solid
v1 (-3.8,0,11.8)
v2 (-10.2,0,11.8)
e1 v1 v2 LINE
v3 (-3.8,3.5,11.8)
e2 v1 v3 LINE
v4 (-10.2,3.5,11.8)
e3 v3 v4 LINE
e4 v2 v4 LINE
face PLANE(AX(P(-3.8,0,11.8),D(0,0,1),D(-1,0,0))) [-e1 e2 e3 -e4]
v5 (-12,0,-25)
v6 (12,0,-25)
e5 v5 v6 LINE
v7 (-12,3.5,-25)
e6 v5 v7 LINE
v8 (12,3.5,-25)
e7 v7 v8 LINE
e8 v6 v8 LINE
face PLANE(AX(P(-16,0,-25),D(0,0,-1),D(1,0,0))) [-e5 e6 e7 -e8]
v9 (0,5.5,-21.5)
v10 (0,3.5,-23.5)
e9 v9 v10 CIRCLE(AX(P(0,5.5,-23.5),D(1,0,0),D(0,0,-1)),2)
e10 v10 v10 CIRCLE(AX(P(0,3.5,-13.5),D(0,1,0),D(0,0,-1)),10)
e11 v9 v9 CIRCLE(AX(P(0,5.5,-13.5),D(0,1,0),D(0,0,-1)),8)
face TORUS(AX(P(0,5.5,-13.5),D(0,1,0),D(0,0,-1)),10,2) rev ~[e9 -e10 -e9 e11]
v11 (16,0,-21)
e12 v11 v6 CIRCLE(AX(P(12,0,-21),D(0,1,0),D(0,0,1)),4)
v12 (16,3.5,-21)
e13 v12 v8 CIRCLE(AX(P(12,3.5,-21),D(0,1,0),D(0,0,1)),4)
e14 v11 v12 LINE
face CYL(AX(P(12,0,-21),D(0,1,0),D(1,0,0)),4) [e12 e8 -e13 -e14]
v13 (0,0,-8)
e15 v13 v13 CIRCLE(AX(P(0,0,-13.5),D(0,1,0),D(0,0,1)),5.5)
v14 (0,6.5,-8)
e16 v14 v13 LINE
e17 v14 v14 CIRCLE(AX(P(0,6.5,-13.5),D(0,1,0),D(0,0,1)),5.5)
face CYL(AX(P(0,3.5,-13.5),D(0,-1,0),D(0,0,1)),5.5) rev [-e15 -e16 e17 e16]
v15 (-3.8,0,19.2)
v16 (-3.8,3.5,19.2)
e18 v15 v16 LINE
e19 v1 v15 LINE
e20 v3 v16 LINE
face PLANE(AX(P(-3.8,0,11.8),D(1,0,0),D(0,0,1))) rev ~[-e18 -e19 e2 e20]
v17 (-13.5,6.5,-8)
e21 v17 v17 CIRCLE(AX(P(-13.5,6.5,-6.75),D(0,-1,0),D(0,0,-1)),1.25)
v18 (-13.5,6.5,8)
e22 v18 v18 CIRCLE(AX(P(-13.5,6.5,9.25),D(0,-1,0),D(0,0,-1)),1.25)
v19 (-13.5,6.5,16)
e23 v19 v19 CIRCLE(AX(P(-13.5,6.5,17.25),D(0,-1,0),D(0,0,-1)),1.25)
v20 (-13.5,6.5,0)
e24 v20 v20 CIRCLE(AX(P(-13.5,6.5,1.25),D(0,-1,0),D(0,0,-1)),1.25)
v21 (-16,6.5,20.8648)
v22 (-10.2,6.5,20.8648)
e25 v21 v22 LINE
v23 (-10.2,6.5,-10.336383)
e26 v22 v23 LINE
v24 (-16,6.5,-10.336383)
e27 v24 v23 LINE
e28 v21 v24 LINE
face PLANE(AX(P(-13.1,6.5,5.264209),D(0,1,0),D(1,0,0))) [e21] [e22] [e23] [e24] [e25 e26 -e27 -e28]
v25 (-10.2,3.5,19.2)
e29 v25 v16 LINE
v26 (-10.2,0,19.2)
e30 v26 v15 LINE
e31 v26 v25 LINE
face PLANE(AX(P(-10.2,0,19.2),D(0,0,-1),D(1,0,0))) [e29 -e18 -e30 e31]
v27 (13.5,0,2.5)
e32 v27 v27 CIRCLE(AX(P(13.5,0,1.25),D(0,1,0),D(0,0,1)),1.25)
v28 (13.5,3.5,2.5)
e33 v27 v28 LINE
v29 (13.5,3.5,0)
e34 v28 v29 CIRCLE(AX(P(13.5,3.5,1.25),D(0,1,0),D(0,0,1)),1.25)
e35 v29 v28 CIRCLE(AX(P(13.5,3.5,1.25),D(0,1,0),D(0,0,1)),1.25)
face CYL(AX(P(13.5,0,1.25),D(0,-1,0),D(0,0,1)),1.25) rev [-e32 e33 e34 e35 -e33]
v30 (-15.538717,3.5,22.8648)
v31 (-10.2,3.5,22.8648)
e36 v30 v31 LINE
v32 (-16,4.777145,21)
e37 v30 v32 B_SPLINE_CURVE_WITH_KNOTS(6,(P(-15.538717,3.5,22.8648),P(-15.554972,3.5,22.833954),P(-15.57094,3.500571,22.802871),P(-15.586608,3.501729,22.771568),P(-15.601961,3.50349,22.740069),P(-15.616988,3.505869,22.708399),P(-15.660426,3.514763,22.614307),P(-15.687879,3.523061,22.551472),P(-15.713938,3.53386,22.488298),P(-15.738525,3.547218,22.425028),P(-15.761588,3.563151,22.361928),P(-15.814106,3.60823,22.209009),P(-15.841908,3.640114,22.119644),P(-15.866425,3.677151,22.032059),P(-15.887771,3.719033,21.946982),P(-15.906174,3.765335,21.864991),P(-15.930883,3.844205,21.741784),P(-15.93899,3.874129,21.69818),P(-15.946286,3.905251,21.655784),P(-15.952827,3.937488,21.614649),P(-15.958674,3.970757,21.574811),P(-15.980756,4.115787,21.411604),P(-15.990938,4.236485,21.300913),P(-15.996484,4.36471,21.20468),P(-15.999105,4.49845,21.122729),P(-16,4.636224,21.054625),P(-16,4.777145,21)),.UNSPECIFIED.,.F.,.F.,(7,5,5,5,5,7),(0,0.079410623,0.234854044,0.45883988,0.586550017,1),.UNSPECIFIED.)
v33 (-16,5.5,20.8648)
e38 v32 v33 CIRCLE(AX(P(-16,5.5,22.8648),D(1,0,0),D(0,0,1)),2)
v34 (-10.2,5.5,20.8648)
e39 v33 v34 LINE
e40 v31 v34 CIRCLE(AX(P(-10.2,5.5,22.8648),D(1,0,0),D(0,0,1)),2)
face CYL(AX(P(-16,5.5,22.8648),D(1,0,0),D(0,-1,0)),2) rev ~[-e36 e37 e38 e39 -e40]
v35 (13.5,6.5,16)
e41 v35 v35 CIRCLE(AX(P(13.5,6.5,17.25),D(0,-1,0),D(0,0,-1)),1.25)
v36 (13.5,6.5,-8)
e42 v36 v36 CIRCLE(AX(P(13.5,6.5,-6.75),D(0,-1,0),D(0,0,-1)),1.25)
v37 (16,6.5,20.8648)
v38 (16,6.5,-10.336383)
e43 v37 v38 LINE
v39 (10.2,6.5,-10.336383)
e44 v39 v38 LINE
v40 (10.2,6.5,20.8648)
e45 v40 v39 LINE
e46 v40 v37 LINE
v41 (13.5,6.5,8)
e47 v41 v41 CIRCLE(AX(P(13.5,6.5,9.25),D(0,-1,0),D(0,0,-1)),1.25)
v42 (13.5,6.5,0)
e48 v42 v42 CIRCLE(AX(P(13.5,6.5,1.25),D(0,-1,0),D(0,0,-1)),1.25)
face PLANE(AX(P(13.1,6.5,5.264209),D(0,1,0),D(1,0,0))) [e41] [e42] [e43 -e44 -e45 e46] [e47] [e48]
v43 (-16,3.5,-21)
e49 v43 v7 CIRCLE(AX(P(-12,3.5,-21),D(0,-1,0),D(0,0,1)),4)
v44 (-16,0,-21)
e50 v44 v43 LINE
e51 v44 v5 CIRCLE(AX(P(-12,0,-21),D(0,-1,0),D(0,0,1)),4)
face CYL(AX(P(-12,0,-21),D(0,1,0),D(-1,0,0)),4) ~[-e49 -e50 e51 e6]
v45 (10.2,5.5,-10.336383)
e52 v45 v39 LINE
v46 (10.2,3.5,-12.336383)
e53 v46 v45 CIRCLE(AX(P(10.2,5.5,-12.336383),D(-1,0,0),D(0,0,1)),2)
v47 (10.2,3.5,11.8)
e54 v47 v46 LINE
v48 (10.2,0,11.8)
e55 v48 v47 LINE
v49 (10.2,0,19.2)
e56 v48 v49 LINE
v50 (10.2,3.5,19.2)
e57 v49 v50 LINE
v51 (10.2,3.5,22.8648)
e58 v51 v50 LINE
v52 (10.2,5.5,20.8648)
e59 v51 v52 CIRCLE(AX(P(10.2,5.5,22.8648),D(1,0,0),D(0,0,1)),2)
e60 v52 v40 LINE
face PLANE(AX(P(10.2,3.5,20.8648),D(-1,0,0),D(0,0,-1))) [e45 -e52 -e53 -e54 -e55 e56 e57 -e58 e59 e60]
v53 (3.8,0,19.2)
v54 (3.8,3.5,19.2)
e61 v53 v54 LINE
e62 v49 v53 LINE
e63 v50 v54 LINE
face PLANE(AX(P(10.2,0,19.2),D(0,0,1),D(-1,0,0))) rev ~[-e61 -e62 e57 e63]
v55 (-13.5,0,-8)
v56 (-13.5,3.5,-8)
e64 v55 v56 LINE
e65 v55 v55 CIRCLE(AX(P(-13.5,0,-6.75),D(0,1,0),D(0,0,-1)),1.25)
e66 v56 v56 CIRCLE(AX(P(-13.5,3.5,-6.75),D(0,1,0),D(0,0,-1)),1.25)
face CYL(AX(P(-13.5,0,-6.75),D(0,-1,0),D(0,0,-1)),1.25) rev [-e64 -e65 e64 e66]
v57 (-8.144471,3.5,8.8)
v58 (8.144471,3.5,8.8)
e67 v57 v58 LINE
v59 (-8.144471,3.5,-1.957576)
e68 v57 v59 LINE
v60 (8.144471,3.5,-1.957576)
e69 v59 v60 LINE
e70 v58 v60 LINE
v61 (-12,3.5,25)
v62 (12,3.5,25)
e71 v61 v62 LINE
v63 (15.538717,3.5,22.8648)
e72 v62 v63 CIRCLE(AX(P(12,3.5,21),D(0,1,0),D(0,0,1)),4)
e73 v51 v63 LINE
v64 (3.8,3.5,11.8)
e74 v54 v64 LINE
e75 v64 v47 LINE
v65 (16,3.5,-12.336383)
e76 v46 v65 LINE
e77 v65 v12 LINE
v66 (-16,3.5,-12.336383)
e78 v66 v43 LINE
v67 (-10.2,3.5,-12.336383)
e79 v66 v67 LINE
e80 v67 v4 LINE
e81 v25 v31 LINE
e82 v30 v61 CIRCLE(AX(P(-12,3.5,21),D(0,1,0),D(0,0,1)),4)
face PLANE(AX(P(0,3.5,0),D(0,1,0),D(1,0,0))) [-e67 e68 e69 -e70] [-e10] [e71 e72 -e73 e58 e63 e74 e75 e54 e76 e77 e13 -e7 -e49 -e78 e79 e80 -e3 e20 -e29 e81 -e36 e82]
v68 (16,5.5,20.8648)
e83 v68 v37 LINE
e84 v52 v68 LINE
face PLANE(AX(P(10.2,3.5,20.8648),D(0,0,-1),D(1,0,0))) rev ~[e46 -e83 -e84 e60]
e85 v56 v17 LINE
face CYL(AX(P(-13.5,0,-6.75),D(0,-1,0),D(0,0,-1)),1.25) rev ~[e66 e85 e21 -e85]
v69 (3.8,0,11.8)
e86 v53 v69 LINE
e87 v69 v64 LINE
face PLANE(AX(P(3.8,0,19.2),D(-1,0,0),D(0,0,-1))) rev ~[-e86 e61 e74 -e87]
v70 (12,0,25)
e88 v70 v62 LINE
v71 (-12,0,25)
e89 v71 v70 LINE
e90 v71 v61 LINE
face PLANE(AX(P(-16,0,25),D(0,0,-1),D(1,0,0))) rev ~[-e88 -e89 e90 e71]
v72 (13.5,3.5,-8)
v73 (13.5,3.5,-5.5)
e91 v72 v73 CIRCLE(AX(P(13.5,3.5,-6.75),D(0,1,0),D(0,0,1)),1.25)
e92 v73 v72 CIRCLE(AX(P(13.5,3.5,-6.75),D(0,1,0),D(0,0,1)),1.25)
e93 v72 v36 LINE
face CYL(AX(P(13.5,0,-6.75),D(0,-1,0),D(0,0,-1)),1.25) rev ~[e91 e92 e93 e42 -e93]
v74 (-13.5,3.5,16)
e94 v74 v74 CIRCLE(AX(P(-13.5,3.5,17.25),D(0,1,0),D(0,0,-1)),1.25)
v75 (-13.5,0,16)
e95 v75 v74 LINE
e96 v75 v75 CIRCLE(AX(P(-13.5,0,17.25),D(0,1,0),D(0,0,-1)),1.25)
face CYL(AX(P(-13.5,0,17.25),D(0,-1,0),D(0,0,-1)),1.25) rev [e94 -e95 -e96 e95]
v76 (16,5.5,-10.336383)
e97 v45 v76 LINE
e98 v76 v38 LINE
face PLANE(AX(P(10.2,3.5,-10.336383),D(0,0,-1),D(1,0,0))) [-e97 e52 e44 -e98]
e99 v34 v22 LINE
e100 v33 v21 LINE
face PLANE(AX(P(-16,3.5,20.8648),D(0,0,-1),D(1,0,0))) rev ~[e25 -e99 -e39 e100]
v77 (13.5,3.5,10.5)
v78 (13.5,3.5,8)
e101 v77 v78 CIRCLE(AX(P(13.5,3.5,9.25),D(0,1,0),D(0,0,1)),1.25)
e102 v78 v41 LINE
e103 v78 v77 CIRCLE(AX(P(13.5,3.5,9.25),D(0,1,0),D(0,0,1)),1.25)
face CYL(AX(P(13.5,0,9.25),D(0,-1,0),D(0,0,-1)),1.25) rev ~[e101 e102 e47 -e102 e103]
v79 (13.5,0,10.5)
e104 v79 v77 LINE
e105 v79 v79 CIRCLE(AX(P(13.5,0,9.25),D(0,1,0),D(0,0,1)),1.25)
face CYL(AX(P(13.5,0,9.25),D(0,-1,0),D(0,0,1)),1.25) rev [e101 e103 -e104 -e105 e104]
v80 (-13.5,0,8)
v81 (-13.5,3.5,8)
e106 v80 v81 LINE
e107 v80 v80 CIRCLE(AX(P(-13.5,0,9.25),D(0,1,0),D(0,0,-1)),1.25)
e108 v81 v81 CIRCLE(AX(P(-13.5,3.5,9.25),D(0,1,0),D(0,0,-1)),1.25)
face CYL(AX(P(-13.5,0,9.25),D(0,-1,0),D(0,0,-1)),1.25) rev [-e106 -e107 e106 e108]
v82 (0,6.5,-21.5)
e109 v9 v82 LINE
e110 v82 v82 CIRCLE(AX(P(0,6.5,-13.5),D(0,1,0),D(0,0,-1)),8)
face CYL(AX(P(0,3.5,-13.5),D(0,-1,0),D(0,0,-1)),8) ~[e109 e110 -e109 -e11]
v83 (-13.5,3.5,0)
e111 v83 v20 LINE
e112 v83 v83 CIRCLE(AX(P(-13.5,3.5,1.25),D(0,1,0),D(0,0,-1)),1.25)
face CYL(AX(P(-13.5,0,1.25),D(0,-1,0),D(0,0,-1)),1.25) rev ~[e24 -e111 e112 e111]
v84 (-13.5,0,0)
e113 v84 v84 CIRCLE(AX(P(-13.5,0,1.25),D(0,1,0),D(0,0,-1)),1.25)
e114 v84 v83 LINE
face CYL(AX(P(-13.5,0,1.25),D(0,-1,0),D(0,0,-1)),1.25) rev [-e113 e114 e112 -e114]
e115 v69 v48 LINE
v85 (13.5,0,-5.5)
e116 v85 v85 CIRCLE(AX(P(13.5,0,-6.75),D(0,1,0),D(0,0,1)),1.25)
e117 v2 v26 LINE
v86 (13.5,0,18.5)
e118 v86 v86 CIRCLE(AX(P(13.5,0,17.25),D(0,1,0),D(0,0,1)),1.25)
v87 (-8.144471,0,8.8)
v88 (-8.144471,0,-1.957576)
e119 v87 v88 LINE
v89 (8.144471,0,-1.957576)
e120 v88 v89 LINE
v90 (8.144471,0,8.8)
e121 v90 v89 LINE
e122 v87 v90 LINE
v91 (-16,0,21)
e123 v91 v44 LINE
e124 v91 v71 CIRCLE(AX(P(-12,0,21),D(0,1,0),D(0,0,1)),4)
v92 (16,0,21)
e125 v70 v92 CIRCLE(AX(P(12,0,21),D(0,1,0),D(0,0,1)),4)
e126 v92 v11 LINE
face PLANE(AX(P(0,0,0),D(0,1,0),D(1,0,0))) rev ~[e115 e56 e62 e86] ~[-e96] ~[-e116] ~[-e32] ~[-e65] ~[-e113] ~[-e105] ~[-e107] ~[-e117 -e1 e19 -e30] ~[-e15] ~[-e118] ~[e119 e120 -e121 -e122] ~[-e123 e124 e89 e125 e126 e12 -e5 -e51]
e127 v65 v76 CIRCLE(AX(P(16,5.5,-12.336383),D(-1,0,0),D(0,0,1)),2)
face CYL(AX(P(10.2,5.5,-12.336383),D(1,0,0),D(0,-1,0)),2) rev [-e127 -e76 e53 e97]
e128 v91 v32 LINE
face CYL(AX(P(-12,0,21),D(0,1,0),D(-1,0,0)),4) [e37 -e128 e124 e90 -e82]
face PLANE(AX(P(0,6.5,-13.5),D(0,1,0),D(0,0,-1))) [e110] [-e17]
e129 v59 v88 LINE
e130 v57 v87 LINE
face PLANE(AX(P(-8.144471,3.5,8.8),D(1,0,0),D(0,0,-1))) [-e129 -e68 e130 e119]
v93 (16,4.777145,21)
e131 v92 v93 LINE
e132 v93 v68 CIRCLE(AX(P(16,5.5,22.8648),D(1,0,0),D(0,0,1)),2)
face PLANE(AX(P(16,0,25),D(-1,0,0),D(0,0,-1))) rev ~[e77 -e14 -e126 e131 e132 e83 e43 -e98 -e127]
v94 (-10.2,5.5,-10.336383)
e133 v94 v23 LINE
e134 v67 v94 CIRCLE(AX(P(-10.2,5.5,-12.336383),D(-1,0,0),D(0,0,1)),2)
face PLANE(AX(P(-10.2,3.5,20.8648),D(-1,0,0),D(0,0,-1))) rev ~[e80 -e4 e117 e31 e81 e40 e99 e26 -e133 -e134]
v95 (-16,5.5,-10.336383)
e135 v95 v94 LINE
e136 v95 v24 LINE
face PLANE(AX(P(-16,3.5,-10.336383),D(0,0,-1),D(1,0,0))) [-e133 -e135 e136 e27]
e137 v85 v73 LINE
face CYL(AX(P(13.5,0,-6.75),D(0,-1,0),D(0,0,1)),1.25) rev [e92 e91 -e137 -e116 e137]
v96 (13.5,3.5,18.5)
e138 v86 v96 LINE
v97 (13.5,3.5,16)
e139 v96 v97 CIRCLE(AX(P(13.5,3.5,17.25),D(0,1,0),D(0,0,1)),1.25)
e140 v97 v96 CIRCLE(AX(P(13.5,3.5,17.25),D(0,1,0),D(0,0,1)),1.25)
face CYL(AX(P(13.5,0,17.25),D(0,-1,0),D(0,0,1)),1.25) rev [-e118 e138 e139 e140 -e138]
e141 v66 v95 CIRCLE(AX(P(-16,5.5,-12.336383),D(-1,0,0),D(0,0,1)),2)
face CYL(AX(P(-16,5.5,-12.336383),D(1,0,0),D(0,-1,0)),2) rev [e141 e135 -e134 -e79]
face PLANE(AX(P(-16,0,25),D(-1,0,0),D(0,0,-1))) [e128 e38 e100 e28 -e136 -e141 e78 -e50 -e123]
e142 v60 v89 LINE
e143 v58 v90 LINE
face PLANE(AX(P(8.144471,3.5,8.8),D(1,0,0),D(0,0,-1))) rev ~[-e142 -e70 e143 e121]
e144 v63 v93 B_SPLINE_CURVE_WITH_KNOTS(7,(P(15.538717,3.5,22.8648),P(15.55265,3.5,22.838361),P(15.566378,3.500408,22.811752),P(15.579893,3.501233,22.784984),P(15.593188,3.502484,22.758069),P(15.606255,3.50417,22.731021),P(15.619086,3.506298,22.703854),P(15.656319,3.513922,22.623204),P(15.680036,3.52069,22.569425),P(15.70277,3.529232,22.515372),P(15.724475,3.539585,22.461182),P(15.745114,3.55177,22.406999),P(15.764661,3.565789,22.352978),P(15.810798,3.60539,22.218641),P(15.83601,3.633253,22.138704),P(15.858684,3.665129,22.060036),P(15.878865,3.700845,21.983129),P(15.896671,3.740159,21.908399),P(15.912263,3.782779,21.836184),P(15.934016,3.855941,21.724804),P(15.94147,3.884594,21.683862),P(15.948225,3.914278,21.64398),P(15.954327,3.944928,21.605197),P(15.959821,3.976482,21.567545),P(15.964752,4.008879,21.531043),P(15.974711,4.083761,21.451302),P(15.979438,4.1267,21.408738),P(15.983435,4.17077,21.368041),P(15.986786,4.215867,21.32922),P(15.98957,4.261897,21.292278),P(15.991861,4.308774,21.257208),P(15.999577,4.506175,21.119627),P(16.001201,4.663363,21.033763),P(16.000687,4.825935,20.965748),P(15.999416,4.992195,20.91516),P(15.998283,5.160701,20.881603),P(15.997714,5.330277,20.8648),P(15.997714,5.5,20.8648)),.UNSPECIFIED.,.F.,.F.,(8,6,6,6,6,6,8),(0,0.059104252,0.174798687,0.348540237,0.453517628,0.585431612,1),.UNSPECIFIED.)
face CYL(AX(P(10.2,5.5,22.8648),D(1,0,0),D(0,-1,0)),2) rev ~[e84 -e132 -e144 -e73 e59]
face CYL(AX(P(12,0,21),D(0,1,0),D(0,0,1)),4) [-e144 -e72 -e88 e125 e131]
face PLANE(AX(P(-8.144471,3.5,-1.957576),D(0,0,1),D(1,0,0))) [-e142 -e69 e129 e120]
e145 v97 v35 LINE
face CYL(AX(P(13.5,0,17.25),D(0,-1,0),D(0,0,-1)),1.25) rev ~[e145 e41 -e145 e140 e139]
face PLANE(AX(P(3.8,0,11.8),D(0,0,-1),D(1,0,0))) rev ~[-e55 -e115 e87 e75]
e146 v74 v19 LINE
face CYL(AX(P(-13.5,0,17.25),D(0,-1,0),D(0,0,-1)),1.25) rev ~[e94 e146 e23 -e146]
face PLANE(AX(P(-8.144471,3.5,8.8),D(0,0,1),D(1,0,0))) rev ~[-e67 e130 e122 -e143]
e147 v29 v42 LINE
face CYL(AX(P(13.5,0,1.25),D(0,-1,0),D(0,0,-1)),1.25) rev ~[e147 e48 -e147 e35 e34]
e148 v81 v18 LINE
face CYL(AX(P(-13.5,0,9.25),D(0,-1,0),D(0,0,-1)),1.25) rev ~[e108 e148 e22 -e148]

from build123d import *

# Parameters (mm, degrees)
SKETCH1_W                = 32
SKETCH1_H                = 50
SKETCH1_R                = 5.5
SKETCH1_R_2              = 1.25
BOSS_EXTRUDE1_DEPTH      = 3.5
FILETE1_R                = 4
ESBO_O1_R                = 8
ESBO_O1_R_2              = 5.5
ESBO_O1_W                = 5.8
ESBO_O1_H                = 31.201183342
RESSALTO_EXTRUS_O1_DEPTH = 3
ESBO_O3_W                = 16.288942458
ESBO_O3_H                = 10.757575704
CORTE_EXTRUS_O1_DEPTH    = 30.887288268
CORTE_EXTRUS_O2_REACH    = 32.385
ESBO_O4_R                = 1.25
FILETE2_R                = 2


with BuildPart() as part:
    # Sketch1 → Boss-Extrude1 (new body)
    with BuildSketch(Plane(origin=(0, 0, 0), x_dir=(1, 0, 0), z_dir=(0, 1, 0))):
        Rectangle(SKETCH1_W, SKETCH1_H)
        with Locations(Location((0, 13.5, 0), (0, 0, 270))):
            Circle(SKETCH1_R, mode=Mode.SUBTRACT)
        with Locations(Location((13.5, 6.75, 0), (0, 0, 270))):
            Circle(SKETCH1_R_2, mode=Mode.SUBTRACT)
        with Locations(Location((13.5, -1.25, 0), (0, 0, 270))):
            Circle(SKETCH1_R_2, mode=Mode.SUBTRACT)
        with Locations(Location((13.5, -9.25, 0), (0, 0, 270))):
            Circle(SKETCH1_R_2, mode=Mode.SUBTRACT)
        with Locations(Location((13.5, -17.25, 0), (0, 0, 270))):
            Circle(SKETCH1_R_2, mode=Mode.SUBTRACT)
        with Locations(Location((-13.5, -17.25, 0), (0, 0, 90))):
            Circle(SKETCH1_R_2, mode=Mode.SUBTRACT)
        with Locations(Location((-13.5, -9.25, 0), (0, 0, 90))):
            Circle(SKETCH1_R_2, mode=Mode.SUBTRACT)
        with Locations(Location((-13.5, -1.25, 0), (0, 0, 90))):
            Circle(SKETCH1_R_2, mode=Mode.SUBTRACT)
        with Locations(Location((-13.5, 6.75, 0), (0, 0, 90))):
            Circle(SKETCH1_R_2, mode=Mode.SUBTRACT)
        Polygon((3.8, -15.5), (3.8, -11.8), (10.2, -11.8), (10.2, -19.2), (3.8, -19.2), align=None, mode=Mode.SUBTRACT)
        Polygon((-10.2, -19.2), (-3.8, -19.2), (-3.8, -15.5), (-3.8, -11.8), (-10.2, -11.8), align=None, mode=Mode.SUBTRACT)
    extrude(amount=BOSS_EXTRUDE1_DEPTH)

    # Filete1
    filete1_edges = [part.edges().sort_by_distance(p)[0] for p in [
        (16, 1.75, 25),
        (-16, 1.75, 25),
        (-16, 1.75, -25),
        (16, 1.75, -25),
    ]]
    fillet(filete1_edges, radius=FILETE1_R)

    # Esboço1 → Ressalto-extrusão1 (add)
    # profile 1 of 3: a face of its own
    with BuildSketch(Plane(origin=(0, 3.5, 0), x_dir=(1, 0, 0), z_dir=(0, 1, 0))):
        with Locations(Location((0, 13.5, 0), (0, 0, 90))):
            Circle(ESBO_O1_R)
        with Locations(Location((0, 13.5, 0), (0, 0, 270))):
            Circle(ESBO_O1_R_2, mode=Mode.SUBTRACT)
    # profile 2 of 3: a face of its own
    with BuildSketch(Plane(origin=(0, 3.5, 0), x_dir=(1, 0, 0), z_dir=(0, 1, 0))):
        with Locations((-13.1, -5.264208671)):
            Rectangle(ESBO_O1_W, ESBO_O1_H)
    # profile 3 of 3: a face of its own
    with BuildSketch(Plane(origin=(0, 3.5, 0), x_dir=(1, 0, 0), z_dir=(0, 1, 0))):
        with Locations((13.1, -5.264208671)):
            Rectangle(ESBO_O1_W, ESBO_O1_H)
    extrude(amount=RESSALTO_EXTRUS_O1_DEPTH)

    # Esboço3 → Corte-extrusão1 (cut, through all)
    with BuildSketch(Plane(origin=(0, 3.5, 0), x_dir=(1, 0, 0), z_dir=(0, 1, 0))):
        with Locations((0, -3.421212148)):
            Rectangle(ESBO_O3_W, ESBO_O3_H)
    extrude(amount=-CORTE_EXTRUS_O1_DEPTH, mode=Mode.SUBTRACT)

    # Esboço4 → Corte-extrusão2 (cut, up to next)
    with BuildSketch(Plane.XZ, mode=Mode.PRIVATE) as corte_extrus_o2_sk1:
        with Locations(Location((-13.5, 17.25, 0), (0, 0, 270))):
            Circle(ESBO_O4_R)
    corte_extrus_o2_tool1 = extrude(corte_extrus_o2_sk1.sketch, amount=-CORTE_EXTRUS_O2_REACH, mode=Mode.PRIVATE) & part.part
    # Esboço4 → Corte-extrusão2 (cut, up to next)
    with BuildSketch(Plane.XZ, mode=Mode.PRIVATE) as corte_extrus_o2_sk2:
        with Locations(Location((-13.5, 9.25, 0), (0, 0, 270))):
            Circle(ESBO_O4_R)
    corte_extrus_o2_tool2 = extrude(corte_extrus_o2_sk2.sketch, amount=-CORTE_EXTRUS_O2_REACH, mode=Mode.PRIVATE) & part.part
    # Esboço4 → Corte-extrusão2 (cut, up to next)
    with BuildSketch(Plane.XZ, mode=Mode.PRIVATE) as corte_extrus_o2_sk3:
        with Locations(Location((-13.5, 1.25, 0), (0, 0, 270))):
            Circle(ESBO_O4_R)
    corte_extrus_o2_tool3 = extrude(corte_extrus_o2_sk3.sketch, amount=-CORTE_EXTRUS_O2_REACH, mode=Mode.PRIVATE) & part.part
    # Esboço4 → Corte-extrusão2 (cut, up to next)
    with BuildSketch(Plane.XZ, mode=Mode.PRIVATE) as corte_extrus_o2_sk4:
        with Locations(Location((-13.5, -6.75, 0), (0, 0, 270))):
            Circle(ESBO_O4_R)
    corte_extrus_o2_tool4 = extrude(corte_extrus_o2_sk4.sketch, amount=-CORTE_EXTRUS_O2_REACH, mode=Mode.PRIVATE) & part.part
    # Esboço4 → Corte-extrusão2 (cut, up to next)
    with BuildSketch(Plane.XZ, mode=Mode.PRIVATE) as corte_extrus_o2_sk5:
        with Locations(Location((13.5, 1.25, 0), (0, 0, 270))):
            Circle(ESBO_O4_R)
    corte_extrus_o2_tool5 = extrude(corte_extrus_o2_sk5.sketch, amount=-CORTE_EXTRUS_O2_REACH, mode=Mode.PRIVATE) & part.part
    # Esboço4 → Corte-extrusão2 (cut, up to next)
    with BuildSketch(Plane.XZ, mode=Mode.PRIVATE) as corte_extrus_o2_sk6:
        with Locations(Location((13.5, 9.25, 0), (0, 0, 270))):
            Circle(ESBO_O4_R)
    corte_extrus_o2_tool6 = extrude(corte_extrus_o2_sk6.sketch, amount=-CORTE_EXTRUS_O2_REACH, mode=Mode.PRIVATE) & part.part
    # Esboço4 → Corte-extrusão2 (cut, up to next)
    with BuildSketch(Plane.XZ, mode=Mode.PRIVATE) as corte_extrus_o2_sk7:
        with Locations(Location((13.5, 17.25, 0), (0, 0, 270))):
            Circle(ESBO_O4_R)
    corte_extrus_o2_tool7 = extrude(corte_extrus_o2_sk7.sketch, amount=-CORTE_EXTRUS_O2_REACH, mode=Mode.PRIVATE) & part.part
    # Esboço4 → Corte-extrusão2 (cut, up to next)
    with BuildSketch(Plane.XZ, mode=Mode.PRIVATE) as corte_extrus_o2_sk8:
        with Locations(Location((13.5, -6.75, 0), (0, 0, 270))):
            Circle(ESBO_O4_R)
    corte_extrus_o2_tool8 = extrude(corte_extrus_o2_sk8.sketch, amount=-CORTE_EXTRUS_O2_REACH, mode=Mode.PRIVATE) & part.part
    add(corte_extrus_o2_tool1.solids().sort_by_distance((-13.5, 0, 17.25))[0], mode=Mode.SUBTRACT)
    add(corte_extrus_o2_tool2.solids().sort_by_distance((-13.5, 0, 9.25))[0], mode=Mode.SUBTRACT)
    add(corte_extrus_o2_tool3.solids().sort_by_distance((-13.5, 0, 1.25))[0], mode=Mode.SUBTRACT)
    add(corte_extrus_o2_tool4.solids().sort_by_distance((-13.5, 0, -6.75))[0], mode=Mode.SUBTRACT)
    add(corte_extrus_o2_tool5.solids().sort_by_distance((13.5, 0, 1.25))[0], mode=Mode.SUBTRACT)
    add(corte_extrus_o2_tool6.solids().sort_by_distance((13.5, 0, 9.25))[0], mode=Mode.SUBTRACT)
    add(corte_extrus_o2_tool7.solids().sort_by_distance((13.5, 0, 17.25))[0], mode=Mode.SUBTRACT)
    add(corte_extrus_o2_tool8.solids().sort_by_distance((13.5, 0, -6.75))[0], mode=Mode.SUBTRACT)

    # Filete2
    filete2_edges = [part.edges().sort_by_distance(p)[0] for p in [
        (-13.1, 3.5, 20.864800342),
        (-13.1, 3.5, -10.336383),
        (13.1, 3.5, -10.336383),
        (13.1, 3.5, 20.864800342),
        (0, 3.5, -5.5),
    ]]
    fillet(filete2_edges, radius=FILETE2_R)


solid = part.part
